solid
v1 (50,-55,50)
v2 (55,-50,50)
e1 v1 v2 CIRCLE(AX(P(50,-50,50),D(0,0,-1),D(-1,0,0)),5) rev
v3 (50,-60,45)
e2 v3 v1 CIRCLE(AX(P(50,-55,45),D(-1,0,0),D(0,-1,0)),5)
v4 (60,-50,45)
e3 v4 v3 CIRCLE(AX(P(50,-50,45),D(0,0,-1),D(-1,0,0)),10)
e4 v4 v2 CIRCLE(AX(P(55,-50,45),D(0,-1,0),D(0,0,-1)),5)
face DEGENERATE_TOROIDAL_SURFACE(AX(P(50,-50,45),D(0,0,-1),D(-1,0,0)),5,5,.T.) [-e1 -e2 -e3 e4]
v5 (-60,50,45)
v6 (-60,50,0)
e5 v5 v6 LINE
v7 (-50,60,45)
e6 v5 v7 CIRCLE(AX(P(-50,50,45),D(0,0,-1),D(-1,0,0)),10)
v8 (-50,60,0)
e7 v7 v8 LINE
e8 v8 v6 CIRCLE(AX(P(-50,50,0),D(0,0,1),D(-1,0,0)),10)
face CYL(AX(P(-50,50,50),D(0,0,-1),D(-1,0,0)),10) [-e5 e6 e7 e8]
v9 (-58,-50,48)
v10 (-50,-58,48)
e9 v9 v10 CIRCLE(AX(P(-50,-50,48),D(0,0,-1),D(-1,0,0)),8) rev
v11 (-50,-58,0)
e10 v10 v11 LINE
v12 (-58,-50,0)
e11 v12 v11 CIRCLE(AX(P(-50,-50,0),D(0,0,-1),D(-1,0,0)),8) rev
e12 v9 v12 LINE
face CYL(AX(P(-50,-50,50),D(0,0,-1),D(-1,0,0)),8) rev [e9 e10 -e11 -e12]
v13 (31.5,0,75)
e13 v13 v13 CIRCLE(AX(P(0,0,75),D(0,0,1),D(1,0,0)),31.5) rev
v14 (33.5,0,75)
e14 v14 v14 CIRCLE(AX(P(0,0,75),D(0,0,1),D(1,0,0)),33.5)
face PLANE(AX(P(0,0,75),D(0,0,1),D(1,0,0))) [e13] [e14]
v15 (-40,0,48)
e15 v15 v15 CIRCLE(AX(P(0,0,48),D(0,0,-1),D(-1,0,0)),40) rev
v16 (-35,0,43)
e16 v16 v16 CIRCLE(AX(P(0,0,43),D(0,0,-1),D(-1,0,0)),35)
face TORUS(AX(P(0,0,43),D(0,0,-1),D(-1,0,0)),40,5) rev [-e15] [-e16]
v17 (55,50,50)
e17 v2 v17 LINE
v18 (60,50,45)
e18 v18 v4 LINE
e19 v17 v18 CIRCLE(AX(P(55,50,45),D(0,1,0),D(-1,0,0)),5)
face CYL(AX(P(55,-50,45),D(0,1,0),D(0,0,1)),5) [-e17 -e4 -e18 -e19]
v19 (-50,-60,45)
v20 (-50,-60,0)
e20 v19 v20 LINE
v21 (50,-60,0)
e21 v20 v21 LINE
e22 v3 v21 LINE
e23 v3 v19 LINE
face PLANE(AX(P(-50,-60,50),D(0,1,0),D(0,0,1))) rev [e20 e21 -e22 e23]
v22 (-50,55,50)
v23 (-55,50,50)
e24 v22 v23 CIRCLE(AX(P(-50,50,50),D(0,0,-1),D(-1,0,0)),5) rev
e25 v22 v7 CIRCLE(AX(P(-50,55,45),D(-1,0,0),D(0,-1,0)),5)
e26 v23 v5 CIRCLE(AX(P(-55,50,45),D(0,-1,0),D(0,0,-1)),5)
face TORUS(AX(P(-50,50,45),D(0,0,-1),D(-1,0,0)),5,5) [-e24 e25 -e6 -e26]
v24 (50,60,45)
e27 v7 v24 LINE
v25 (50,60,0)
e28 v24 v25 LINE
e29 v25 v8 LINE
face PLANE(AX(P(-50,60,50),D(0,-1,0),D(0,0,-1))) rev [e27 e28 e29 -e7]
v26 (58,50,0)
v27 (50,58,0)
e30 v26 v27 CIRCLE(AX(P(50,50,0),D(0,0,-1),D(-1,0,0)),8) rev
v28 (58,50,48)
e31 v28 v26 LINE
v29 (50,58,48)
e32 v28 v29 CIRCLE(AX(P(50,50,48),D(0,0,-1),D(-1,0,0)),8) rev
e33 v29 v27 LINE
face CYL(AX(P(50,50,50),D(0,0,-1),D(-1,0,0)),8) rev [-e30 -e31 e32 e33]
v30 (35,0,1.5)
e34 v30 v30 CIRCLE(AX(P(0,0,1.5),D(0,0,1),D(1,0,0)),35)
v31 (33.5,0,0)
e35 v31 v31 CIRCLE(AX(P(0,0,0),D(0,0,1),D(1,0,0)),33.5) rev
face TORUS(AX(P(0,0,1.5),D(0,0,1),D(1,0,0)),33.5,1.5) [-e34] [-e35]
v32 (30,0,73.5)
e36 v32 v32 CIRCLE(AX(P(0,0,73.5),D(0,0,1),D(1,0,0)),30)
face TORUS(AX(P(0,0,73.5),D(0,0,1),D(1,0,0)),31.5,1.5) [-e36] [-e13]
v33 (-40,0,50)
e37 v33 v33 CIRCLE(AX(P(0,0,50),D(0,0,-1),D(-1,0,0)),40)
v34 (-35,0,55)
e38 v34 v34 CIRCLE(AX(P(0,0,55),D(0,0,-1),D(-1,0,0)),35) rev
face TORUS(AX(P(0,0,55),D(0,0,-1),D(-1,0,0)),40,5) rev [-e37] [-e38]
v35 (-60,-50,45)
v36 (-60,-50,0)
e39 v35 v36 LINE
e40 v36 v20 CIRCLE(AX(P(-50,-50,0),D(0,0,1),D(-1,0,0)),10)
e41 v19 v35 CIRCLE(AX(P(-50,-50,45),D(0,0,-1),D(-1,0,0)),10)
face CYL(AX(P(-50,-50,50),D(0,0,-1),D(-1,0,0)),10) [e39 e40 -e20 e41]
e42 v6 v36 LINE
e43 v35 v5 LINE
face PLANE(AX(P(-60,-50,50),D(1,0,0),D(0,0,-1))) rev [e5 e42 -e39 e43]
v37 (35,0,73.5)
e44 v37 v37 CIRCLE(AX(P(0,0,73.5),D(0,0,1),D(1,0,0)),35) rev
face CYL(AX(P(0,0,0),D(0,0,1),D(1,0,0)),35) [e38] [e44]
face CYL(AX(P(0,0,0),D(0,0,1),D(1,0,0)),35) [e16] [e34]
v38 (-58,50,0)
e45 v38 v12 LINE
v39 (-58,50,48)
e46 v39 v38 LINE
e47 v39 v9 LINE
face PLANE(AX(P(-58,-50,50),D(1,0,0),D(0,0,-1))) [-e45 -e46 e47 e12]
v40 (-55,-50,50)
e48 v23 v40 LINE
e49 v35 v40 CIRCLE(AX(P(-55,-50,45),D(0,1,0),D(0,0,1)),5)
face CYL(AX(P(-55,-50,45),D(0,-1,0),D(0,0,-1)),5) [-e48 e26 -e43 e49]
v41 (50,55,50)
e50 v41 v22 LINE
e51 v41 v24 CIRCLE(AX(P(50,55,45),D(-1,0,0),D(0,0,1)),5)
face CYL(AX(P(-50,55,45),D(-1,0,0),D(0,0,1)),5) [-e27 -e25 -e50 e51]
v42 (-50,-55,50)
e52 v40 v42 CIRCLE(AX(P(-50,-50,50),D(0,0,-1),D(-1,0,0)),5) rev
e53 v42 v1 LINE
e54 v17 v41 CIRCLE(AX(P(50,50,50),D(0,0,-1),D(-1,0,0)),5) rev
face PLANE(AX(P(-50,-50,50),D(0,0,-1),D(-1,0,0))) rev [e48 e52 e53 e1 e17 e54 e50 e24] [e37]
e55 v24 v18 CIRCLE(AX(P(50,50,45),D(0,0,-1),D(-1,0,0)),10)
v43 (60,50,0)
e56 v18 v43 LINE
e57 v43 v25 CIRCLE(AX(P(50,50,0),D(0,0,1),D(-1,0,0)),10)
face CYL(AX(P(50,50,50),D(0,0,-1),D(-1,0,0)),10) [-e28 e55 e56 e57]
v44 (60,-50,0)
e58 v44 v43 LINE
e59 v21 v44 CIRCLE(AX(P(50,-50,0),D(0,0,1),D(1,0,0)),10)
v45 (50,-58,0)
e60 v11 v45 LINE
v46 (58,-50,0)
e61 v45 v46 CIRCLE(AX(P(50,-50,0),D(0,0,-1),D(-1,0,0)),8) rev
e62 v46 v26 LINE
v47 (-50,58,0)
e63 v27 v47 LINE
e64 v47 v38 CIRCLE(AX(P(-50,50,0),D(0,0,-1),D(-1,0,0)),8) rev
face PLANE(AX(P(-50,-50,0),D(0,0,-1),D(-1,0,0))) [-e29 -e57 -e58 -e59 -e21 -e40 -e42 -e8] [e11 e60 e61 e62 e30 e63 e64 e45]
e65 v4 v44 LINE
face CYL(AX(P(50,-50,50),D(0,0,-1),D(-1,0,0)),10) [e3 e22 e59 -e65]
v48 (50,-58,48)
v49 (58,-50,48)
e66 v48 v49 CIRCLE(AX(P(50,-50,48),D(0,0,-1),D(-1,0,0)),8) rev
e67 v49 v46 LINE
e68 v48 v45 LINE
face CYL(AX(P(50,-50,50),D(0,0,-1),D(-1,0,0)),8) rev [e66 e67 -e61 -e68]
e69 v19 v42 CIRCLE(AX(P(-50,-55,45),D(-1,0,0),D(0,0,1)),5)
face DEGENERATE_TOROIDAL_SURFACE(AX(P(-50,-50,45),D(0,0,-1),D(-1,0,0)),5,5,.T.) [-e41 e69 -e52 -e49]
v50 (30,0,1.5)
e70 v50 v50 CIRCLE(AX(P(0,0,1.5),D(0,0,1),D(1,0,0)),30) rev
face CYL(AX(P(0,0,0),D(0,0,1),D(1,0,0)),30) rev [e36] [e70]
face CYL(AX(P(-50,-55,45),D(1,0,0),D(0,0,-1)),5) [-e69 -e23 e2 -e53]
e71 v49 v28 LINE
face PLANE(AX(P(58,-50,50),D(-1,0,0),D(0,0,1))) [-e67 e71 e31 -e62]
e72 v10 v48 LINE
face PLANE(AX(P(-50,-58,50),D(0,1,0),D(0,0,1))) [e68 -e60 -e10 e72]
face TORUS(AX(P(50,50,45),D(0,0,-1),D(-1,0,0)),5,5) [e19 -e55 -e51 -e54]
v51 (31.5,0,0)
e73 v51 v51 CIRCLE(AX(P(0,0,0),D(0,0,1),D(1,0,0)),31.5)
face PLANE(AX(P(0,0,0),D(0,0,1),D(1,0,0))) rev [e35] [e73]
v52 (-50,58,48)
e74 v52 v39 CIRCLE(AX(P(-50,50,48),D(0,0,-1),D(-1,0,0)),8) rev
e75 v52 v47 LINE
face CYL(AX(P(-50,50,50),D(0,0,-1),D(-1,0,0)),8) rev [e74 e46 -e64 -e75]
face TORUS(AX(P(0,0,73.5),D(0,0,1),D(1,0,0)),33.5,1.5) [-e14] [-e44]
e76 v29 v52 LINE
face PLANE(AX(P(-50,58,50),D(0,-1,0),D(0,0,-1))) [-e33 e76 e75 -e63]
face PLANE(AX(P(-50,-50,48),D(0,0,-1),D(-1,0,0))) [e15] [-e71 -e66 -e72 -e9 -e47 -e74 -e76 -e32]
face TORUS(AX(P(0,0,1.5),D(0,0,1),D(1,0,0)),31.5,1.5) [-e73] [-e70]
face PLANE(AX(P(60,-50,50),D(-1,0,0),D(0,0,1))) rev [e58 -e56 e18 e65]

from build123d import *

# Parameters (mm, degrees)
SALIENTE_EXTRUIR1_DEPTH      = 50
VACIADO2_T                   = -2
SALIENTE_EXTRUIR3_DEPTH      = 25
SALIENTE_EXTRUIR3_DEPTH_BACK = 50
CROQUIS2_R                   = 35
CROQUIS2_R_2                 = 30
CROQUIS3_R                   = 30
CORTAR_EXTRUIR1_DEPTH        = 114.247516529
REDONDEO1_R                  = 1.5
REDONDEO2_R                  = 5
REDONDEO3_R                  = 5


with BuildPart() as part:
    # Croquis1 → Saliente-Extruir1 (new body)
    with BuildSketch(Plane.XY):
        with BuildLine():
            Line((-50, -60), (50, -60))
            ThreePointArc((50, -60), (57.071067812, -57.071067812), (60, -50))
            Line((60, -50), (60, 50))
            ThreePointArc((60, 50), (57.071067812, 57.071067812), (50, 60))
            Line((50, 60), (-50, 60))
            ThreePointArc((-50, 60), (-57.071067812, 57.071067812), (-60, 50))
            Line((-60, 50), (-60, -50))
            ThreePointArc((-60, -50), (-57.071067812, -57.071067812), (-50, -60))
        make_face()
    extrude(amount=SALIENTE_EXTRUIR1_DEPTH)

    # Vaciado2
    vaciado2_openings = [part.faces().sort_by_distance(p)[0] for p in [
        (0, 0, 0),
    ]]
    offset(amount=VACIADO2_T, openings=vaciado2_openings, kind=Kind.INTERSECTION)

    # Croquis2 → Saliente-Extruir3 (add, two sides: drawn at the far end of the back side and taken through both)
    with BuildSketch(Plane.XY.offset(50).offset(-SALIENTE_EXTRUIR3_DEPTH_BACK)):
        Circle(CROQUIS2_R)
        Circle(CROQUIS2_R_2, mode=Mode.SUBTRACT)
    extrude(amount=SALIENTE_EXTRUIR3_DEPTH + SALIENTE_EXTRUIR3_DEPTH_BACK)

    # Croquis3 → Cortar-Extruir1 (cut, through all)
    with BuildSketch(Plane.XY.offset(75)):
        Circle(CROQUIS3_R)
    extrude(amount=-CORTAR_EXTRUIR1_DEPTH, mode=Mode.SUBTRACT)

    # Redondeo1
    redondeo1_edges = [part.edges().sort_by_distance(p)[0] for p in [
        (-30, 0, 75),
        (-35, 0, 0),
        (-30, 0, 0),
        (-35, 0, 75),
    ]]
    fillet(redondeo1_edges, radius=REDONDEO1_R)

    # Redondeo2
    redondeo2_edges = [part.edges().sort_by_distance(p)[0] for p in [
        (-35, 0, 48),
        (-35, 0, 50),
    ]]
    fillet(redondeo2_edges, radius=REDONDEO2_R)

    # Redondeo3
    redondeo3_edges = [part.edges().sort_by_distance(p)[0] for p in [
        (57.071067812, -57.071067812, 50),
        (60, 0, 50),
        (57.071067812, 57.071067812, 50),
        (0, 60, 50),
        (-57.071067812, 57.071067812, 50),
        (-60, 0, 50),
        (-57.071067812, -57.071067812, 50),
        (0, -60, 50),
    ]]
    fillet(redondeo3_edges, radius=REDONDEO3_R)


solid = part.part
